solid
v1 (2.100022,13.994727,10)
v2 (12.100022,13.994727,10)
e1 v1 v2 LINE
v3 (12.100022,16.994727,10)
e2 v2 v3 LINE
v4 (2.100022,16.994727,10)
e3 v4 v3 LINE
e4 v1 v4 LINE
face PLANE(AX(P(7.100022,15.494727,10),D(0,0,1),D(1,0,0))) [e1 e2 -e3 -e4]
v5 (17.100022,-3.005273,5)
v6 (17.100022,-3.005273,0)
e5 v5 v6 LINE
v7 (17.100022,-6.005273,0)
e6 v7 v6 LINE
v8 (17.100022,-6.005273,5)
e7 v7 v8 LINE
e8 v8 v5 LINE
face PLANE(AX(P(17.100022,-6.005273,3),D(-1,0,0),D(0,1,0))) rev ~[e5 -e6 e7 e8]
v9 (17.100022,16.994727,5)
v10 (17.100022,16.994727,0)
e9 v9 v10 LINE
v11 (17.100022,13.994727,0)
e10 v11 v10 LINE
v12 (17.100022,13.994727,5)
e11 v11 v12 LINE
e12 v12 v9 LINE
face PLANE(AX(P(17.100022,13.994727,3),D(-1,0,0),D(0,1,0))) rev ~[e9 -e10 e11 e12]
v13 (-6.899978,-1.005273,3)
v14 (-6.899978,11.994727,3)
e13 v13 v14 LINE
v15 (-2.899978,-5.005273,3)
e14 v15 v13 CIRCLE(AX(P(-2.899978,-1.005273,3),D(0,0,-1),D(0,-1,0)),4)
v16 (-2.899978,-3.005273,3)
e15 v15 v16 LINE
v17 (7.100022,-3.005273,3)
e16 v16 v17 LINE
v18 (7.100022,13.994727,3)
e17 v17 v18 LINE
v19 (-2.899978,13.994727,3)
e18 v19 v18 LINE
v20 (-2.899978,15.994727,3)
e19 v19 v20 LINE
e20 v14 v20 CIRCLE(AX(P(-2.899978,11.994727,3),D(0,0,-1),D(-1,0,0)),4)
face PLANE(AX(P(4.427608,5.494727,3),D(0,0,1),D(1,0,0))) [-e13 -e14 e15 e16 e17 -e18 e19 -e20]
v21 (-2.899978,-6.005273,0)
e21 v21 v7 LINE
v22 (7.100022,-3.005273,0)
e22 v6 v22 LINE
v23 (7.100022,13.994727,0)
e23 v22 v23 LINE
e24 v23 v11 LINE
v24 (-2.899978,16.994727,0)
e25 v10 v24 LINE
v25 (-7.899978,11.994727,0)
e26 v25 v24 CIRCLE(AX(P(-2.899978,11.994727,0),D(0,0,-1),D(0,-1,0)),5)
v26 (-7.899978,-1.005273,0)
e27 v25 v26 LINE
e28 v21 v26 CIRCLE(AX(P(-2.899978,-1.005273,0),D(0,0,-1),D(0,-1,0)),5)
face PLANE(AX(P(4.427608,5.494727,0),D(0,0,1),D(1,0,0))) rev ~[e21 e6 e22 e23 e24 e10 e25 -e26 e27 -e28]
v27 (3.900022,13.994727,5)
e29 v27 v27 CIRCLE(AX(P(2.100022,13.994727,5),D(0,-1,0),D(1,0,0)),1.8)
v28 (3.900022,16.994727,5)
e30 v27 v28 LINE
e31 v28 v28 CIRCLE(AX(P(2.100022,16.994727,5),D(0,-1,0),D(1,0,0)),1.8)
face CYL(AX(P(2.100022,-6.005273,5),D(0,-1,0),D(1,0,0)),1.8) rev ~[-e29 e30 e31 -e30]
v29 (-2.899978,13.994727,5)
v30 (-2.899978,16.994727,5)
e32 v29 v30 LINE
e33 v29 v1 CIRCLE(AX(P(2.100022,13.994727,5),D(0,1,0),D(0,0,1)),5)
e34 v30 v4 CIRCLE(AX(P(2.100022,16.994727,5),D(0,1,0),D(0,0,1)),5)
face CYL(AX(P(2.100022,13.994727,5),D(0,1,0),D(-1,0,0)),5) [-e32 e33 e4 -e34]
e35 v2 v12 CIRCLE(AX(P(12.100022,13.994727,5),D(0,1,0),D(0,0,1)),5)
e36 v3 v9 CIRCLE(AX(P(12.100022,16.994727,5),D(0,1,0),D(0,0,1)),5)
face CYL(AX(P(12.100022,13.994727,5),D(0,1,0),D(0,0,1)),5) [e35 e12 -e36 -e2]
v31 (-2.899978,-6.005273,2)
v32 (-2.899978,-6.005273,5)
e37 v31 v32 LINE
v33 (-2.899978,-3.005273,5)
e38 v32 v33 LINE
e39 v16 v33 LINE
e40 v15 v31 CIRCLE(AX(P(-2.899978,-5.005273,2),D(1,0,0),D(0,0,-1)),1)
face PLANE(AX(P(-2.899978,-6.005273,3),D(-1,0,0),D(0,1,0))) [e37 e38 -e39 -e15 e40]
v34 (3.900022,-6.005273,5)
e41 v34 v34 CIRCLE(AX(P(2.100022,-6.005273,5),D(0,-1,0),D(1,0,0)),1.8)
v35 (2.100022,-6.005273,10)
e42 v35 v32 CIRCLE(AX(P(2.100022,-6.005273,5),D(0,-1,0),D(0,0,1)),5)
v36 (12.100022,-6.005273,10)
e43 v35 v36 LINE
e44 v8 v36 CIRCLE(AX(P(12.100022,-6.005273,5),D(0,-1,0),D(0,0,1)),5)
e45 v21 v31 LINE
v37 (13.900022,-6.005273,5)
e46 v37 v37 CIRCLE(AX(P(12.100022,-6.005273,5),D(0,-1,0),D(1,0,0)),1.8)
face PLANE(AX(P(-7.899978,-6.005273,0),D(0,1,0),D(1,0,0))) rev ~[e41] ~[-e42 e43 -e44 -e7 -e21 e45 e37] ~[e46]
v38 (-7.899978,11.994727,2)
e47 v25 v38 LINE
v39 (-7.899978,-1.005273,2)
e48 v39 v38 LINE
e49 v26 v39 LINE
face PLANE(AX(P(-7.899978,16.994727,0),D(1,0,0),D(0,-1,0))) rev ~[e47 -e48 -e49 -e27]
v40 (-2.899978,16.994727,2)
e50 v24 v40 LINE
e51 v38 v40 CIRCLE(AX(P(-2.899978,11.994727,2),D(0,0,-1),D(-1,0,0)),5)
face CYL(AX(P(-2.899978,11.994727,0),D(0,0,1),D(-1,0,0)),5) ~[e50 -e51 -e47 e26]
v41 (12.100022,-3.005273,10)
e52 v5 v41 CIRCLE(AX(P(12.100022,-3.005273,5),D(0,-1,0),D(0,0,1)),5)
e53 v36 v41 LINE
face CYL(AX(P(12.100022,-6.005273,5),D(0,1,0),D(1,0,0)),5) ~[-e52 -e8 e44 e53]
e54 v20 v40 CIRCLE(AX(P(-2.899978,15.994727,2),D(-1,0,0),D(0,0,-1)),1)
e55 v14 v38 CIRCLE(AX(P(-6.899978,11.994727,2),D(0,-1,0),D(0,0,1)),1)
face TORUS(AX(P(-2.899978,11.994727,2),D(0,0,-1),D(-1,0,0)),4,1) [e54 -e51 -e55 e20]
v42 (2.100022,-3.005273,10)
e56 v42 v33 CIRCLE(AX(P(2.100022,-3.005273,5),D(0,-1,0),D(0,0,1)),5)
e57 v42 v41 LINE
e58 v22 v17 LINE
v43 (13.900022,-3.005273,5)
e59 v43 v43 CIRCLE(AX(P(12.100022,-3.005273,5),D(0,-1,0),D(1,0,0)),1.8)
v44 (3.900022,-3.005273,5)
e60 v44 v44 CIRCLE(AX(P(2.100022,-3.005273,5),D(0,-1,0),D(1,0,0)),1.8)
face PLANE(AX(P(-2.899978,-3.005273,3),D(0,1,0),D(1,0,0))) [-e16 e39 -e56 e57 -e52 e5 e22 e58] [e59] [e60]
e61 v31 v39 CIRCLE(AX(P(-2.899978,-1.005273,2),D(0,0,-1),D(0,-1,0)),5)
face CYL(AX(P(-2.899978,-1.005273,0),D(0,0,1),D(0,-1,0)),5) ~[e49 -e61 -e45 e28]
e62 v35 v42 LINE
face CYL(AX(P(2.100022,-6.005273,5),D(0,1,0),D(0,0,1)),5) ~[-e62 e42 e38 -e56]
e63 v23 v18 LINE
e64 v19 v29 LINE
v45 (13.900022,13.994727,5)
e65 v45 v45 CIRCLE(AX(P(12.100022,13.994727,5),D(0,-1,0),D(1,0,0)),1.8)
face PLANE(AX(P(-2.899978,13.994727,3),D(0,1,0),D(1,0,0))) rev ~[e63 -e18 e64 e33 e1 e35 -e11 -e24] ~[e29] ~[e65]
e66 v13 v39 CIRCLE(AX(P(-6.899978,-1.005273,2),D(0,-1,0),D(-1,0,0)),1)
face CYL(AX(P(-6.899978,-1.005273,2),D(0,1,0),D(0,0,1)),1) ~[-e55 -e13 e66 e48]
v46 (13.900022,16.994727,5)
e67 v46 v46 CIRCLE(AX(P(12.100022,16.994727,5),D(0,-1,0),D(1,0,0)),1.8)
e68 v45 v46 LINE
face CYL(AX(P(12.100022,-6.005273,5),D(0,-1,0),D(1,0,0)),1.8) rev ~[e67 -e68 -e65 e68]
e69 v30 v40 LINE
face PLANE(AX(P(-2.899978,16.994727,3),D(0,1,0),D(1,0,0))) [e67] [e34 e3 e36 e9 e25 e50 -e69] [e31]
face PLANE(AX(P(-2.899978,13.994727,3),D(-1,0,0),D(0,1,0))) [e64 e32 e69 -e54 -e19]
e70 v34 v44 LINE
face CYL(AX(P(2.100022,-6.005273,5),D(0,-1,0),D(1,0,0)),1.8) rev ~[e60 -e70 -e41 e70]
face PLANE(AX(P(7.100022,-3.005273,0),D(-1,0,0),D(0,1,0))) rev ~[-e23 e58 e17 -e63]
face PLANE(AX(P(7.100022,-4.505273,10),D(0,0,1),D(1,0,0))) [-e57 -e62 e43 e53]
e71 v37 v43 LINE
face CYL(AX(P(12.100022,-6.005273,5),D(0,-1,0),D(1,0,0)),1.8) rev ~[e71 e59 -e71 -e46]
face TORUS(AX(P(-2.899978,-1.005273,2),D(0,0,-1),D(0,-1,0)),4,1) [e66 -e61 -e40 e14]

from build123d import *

# Parameters (mm, degrees)
F1_DEPTH = 3
F2_W     = 20
F2_H     = 3
F3_DEPTH = 7
F4_R     = 5
F5_R     = 5
F6_R     = 1
F7_R     = 1.8
F8_DEPTH = 24


with BuildPart() as f1:
    # F0 (on Top) → F1 (new body)
    with BuildSketch(Plane.XY):
        Polygon((-7.8999784394, 16.9947269248), (-7.8999784394, -6.0052730752), (17.1000215606, -6.0052730752), (17.1000215606, -3.0052730752), (7.1000215606, -3.0052730752), (7.1000215606, 13.9947269248), (17.1000215606, 13.9947269248), (17.1000215606, 16.9947269248), align=None)
    extrude(amount=F1_DEPTH)

    # F2 (on face) → F3 (join)
    with BuildSketch(Plane.XY.offset(3)):
        with Locations((7.1000215606, 15.4947269248)):
            Rectangle(F2_W, F2_H)
        with Locations((7.1000215606, -4.5052730752)):
            Rectangle(F2_W, F2_H)
    extrude(amount=F3_DEPTH)

    # F4
    f4_edges = [f1.edges().sort_by_distance(p)[0] for p in [
        (-7.899978, 16.994727, 1.5),
        (-7.899978, -6.005273, 1.5),
        (-2.899978, -4.505273, 10),
        (-2.899978, 15.494727, 10),
    ]]
    fillet(f4_edges, radius=F4_R)

    # F5
    f5_edges = [f1.edges().sort_by_distance(p)[0] for p in [
        (17.100022, 15.494727, 10),
        (17.100022, -4.505273, 10),
    ]]
    fillet(f5_edges, radius=F5_R)

    # F6
    f6_edges = [f1.edges().sort_by_distance(p)[0] for p in [
        (-6.435512, 15.530261, 3),
        (-7.899978, 5.494727, 3),
        (-6.435512, -4.540807, 3),
    ]]
    fillet(f6_edges, radius=F6_R)

    # F7 (on face) → F8 (cut)
    with BuildSketch(Plane.XZ.offset(6.0052730752)):
        with Locations((12.1000215606, 5)):
            Circle(F7_R)
        with Locations((2.1000215606, 5)):
            Circle(F7_R)
    extrude(amount=-F8_DEPTH, mode=Mode.SUBTRACT)


solid = f1.part
